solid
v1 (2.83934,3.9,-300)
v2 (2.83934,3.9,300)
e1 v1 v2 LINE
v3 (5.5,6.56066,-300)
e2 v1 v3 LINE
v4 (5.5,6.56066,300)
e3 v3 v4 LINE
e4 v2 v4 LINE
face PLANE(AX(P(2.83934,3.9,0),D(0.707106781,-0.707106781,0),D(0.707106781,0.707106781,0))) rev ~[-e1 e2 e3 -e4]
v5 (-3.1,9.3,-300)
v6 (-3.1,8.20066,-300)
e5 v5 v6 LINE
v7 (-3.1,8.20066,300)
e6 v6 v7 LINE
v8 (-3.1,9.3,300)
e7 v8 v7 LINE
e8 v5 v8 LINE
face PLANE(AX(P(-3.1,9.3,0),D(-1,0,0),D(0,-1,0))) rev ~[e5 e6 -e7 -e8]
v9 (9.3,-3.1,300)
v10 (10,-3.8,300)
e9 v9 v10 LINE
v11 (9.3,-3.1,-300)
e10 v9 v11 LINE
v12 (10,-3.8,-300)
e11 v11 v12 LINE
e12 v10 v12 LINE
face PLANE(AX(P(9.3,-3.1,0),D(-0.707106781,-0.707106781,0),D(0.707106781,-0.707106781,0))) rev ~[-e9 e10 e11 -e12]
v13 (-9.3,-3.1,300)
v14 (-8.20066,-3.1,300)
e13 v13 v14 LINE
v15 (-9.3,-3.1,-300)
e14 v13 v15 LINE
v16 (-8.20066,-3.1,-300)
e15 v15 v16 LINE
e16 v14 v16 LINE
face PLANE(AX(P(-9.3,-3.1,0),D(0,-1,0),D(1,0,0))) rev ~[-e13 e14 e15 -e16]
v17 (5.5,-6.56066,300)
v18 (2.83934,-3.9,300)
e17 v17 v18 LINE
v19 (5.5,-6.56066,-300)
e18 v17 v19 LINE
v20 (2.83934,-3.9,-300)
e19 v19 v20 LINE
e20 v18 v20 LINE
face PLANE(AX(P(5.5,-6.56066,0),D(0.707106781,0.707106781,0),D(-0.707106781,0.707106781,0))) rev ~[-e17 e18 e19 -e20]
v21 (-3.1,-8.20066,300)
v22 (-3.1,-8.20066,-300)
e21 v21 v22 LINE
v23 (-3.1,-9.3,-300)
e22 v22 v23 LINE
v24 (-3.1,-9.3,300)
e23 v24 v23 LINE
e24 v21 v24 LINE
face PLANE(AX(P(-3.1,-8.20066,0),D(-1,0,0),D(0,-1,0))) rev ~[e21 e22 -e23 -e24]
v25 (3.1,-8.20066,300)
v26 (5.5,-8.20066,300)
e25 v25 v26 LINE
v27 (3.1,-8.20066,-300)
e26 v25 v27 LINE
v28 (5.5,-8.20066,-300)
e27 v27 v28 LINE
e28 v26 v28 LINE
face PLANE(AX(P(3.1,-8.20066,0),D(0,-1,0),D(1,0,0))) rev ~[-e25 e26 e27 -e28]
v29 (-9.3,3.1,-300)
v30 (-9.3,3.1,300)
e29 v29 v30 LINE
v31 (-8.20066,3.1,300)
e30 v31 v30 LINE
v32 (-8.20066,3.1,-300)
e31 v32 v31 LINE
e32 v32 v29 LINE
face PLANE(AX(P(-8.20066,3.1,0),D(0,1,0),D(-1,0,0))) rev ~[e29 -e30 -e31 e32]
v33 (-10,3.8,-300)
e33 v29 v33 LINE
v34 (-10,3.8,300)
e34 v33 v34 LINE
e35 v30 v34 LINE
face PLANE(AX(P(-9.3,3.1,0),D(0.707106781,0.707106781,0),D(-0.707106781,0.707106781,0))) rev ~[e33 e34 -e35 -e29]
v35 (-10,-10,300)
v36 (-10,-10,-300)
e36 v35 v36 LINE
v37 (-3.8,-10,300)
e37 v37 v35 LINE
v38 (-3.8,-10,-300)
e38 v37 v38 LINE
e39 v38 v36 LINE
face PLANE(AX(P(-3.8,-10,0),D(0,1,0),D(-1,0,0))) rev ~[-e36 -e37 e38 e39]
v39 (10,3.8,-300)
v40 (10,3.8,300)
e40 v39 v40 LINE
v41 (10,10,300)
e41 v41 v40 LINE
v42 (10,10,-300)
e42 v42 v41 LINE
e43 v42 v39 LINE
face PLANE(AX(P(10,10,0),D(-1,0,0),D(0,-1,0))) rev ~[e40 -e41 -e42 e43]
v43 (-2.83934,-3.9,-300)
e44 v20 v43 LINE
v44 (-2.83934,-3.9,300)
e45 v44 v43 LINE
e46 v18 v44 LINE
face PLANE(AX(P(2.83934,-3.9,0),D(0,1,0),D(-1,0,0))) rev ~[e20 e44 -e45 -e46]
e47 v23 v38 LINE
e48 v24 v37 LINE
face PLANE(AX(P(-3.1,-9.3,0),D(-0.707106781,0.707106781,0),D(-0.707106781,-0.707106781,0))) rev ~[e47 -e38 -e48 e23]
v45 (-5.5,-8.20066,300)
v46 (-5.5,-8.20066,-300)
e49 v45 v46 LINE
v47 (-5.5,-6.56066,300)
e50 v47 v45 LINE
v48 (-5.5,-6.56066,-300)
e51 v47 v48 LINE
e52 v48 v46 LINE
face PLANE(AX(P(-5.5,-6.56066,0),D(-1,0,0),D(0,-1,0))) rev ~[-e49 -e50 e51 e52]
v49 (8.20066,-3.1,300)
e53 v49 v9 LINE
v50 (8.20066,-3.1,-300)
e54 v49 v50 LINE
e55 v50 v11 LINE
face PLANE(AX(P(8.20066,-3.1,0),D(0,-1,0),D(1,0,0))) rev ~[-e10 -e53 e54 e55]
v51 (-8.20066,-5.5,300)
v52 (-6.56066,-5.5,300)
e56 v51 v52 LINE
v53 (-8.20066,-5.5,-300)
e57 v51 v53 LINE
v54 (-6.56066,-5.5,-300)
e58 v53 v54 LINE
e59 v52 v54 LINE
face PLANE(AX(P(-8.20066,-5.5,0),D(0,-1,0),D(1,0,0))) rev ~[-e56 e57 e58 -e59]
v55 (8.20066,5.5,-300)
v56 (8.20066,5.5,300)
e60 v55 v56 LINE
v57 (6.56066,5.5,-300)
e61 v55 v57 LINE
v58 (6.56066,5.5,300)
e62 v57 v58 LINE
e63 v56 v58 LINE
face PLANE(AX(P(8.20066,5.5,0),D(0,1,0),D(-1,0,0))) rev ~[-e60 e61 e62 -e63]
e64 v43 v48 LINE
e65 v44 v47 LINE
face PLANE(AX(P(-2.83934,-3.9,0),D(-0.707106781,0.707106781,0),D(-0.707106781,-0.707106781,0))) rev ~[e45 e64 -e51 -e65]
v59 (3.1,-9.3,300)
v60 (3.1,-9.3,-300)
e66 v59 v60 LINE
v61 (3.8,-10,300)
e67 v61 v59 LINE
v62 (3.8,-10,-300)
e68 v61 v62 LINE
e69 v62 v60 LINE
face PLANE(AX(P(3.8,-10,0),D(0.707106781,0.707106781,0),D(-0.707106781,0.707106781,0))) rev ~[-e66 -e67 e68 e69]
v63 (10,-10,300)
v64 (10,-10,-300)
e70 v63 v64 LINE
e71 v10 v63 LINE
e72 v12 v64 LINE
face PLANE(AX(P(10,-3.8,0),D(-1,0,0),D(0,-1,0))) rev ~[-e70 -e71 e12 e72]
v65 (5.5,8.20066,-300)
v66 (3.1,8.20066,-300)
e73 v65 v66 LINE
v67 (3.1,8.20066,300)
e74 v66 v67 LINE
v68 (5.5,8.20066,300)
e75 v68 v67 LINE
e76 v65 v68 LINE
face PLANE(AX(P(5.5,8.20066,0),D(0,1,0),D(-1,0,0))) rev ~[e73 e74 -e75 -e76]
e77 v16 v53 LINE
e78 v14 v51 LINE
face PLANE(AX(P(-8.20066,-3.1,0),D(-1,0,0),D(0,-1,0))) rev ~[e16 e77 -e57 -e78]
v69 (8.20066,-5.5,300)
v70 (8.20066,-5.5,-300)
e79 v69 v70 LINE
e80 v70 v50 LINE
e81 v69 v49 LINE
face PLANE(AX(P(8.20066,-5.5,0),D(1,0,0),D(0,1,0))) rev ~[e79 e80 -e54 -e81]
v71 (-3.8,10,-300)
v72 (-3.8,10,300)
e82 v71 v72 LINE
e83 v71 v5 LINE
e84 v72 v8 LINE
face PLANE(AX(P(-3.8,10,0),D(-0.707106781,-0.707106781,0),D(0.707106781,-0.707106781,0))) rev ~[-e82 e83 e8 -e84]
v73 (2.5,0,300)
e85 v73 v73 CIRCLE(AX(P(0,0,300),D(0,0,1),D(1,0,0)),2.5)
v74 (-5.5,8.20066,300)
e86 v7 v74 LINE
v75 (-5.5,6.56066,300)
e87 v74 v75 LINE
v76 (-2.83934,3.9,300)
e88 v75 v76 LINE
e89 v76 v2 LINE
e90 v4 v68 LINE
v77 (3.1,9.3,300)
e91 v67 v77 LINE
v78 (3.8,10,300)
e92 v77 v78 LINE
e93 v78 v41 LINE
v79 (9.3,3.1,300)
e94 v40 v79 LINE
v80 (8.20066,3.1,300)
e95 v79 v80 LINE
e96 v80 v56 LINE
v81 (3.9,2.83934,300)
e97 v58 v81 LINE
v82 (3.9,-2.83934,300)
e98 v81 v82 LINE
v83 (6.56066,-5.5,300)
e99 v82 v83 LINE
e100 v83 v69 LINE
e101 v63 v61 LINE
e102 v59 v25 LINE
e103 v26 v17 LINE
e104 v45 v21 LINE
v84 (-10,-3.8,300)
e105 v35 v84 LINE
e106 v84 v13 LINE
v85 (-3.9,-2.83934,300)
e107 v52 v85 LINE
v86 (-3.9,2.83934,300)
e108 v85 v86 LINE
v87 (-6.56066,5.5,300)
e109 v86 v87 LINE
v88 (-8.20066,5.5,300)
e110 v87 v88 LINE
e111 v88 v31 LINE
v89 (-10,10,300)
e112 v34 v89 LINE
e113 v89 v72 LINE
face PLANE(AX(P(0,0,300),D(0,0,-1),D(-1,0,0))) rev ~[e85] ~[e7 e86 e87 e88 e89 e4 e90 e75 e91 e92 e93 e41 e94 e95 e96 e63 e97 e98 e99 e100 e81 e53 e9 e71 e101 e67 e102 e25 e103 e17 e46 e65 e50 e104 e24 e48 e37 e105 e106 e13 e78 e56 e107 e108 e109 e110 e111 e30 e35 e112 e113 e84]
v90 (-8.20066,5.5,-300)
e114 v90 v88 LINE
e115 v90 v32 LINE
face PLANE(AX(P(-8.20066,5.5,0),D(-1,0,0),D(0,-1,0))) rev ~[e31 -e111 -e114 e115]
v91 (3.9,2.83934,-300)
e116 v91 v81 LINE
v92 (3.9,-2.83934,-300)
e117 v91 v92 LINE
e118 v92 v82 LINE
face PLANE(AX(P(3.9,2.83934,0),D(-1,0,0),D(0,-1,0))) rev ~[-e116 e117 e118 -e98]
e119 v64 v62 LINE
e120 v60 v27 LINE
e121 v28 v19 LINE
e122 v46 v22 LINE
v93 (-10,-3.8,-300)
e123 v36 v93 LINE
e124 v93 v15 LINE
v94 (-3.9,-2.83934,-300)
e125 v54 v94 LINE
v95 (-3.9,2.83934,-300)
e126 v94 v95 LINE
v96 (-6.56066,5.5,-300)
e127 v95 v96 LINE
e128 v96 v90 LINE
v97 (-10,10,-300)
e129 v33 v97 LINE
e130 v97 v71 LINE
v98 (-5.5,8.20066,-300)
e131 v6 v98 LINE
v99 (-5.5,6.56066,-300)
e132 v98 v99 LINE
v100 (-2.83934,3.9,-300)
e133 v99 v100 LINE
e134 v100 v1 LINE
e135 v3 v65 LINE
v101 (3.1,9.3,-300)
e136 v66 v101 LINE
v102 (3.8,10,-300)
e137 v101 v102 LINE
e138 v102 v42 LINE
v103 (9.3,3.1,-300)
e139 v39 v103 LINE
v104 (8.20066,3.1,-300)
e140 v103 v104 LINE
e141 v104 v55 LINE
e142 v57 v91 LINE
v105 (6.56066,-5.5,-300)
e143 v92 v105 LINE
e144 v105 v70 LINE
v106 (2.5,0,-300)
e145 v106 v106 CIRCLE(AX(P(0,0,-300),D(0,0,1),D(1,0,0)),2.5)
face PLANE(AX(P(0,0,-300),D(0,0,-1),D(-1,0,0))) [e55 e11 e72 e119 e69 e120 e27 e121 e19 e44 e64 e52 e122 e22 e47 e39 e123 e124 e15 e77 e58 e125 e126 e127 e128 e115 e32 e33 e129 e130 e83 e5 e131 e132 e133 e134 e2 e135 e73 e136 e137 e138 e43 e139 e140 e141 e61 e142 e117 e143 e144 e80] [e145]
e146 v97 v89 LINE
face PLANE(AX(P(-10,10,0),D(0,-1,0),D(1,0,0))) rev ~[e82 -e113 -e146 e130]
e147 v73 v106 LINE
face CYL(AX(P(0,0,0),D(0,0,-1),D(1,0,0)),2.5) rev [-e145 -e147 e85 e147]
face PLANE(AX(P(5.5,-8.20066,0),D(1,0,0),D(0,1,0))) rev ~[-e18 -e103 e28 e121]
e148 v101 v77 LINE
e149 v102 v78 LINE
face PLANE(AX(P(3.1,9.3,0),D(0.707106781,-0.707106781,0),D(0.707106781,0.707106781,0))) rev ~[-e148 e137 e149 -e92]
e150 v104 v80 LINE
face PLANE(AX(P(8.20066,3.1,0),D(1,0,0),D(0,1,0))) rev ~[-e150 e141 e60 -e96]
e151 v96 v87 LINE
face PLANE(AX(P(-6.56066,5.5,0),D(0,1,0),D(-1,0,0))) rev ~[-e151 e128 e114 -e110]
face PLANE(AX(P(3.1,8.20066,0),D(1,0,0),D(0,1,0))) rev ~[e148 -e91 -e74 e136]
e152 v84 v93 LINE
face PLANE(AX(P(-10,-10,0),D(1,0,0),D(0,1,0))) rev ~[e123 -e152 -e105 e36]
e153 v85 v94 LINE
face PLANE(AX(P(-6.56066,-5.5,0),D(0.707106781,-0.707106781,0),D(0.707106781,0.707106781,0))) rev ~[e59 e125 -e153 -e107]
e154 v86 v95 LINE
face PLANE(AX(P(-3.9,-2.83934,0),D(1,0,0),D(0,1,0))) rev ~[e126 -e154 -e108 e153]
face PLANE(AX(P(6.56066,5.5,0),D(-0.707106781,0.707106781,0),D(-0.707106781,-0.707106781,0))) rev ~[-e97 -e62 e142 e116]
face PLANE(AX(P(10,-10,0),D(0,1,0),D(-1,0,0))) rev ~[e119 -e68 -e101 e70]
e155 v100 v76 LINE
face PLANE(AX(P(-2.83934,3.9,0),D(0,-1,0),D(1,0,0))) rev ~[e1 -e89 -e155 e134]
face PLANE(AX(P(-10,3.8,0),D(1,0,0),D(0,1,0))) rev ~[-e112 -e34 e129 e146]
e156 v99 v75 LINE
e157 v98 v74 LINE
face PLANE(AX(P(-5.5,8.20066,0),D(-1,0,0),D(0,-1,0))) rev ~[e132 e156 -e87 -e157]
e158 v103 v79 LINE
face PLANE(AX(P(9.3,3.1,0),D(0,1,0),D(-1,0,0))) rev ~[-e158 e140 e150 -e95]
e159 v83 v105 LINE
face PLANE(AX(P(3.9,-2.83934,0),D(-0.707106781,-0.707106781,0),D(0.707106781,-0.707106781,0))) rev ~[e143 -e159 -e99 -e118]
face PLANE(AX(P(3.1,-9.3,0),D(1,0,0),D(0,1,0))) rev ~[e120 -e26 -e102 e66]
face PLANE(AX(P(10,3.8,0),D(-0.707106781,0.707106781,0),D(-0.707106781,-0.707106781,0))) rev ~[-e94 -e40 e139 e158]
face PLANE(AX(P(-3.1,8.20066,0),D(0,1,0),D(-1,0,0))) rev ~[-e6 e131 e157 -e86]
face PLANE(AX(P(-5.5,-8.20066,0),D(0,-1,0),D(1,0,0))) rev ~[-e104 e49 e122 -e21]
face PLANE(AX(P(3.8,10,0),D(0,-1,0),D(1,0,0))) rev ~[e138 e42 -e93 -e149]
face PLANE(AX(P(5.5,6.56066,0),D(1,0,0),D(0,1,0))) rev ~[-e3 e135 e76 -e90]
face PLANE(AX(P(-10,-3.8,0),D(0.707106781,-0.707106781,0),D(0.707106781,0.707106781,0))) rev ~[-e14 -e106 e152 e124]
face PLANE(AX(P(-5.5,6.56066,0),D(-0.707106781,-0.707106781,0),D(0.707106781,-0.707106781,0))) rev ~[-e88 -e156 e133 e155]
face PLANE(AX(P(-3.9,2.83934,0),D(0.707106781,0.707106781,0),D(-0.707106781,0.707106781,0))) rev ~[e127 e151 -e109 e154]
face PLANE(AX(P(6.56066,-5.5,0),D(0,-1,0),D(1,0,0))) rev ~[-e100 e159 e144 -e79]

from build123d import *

# Parameters (mm, degrees)
SKETCH1_R           = 2.5
BOSS_EXTRUDE1_DEPTH = 300


with BuildPart() as part:
    # Sketch1 → Boss-Extrude1 (new, symmetric)
    with BuildSketch(Plane.XY):
        Polygon((3.9, -2.839339828), (6.560660172, -5.5), (8.200660172, -5.5), (8.200660172, -3.1), (9.3, -3.1), (10, -3.8), (10, -10), (3.8, -10), (3.1, -9.3), (3.1, -8.200660172), (5.5, -8.200660172), (5.5, -6.560660172), (2.839339828, -3.9), (-2.839339828, -3.9), (-5.5, -6.560660172), (-5.5, -8.200660172), (-3.1, -8.200660172), (-3.1, -9.3), (-3.8, -10), (-10, -10), (-10, -3.8), (-9.3, -3.1), (-8.200660172, -3.1), (-8.200660172, -5.5), (-6.560660172, -5.5), (-3.9, -2.839339828), (-3.9, 2.839339828), (-6.560660172, 5.5), (-8.200660172, 5.5), (-8.200660172, 3.1), (-9.3, 3.1), (-10, 3.8), (-10, 10), (-3.8, 10), (-3.1, 9.3), (-3.1, 8.200660172), (-5.5, 8.200660172), (-5.5, 6.560660172), (-2.839339828, 3.9), (2.839339828, 3.9), (5.5, 6.560660172), (5.5, 8.200660172), (3.1, 8.200660172), (3.1, 9.3), (3.8, 10), (10, 10), (10, 3.8), (9.3, 3.1), (8.200660172, 3.1), (8.200660172, 5.5), (6.560660172, 5.5), (3.9, 2.839339828), align=None)
        Circle(SKETCH1_R, mode=Mode.SUBTRACT)
    extrude(amount=BOSS_EXTRUDE1_DEPTH, both=True)


solid = part.part
